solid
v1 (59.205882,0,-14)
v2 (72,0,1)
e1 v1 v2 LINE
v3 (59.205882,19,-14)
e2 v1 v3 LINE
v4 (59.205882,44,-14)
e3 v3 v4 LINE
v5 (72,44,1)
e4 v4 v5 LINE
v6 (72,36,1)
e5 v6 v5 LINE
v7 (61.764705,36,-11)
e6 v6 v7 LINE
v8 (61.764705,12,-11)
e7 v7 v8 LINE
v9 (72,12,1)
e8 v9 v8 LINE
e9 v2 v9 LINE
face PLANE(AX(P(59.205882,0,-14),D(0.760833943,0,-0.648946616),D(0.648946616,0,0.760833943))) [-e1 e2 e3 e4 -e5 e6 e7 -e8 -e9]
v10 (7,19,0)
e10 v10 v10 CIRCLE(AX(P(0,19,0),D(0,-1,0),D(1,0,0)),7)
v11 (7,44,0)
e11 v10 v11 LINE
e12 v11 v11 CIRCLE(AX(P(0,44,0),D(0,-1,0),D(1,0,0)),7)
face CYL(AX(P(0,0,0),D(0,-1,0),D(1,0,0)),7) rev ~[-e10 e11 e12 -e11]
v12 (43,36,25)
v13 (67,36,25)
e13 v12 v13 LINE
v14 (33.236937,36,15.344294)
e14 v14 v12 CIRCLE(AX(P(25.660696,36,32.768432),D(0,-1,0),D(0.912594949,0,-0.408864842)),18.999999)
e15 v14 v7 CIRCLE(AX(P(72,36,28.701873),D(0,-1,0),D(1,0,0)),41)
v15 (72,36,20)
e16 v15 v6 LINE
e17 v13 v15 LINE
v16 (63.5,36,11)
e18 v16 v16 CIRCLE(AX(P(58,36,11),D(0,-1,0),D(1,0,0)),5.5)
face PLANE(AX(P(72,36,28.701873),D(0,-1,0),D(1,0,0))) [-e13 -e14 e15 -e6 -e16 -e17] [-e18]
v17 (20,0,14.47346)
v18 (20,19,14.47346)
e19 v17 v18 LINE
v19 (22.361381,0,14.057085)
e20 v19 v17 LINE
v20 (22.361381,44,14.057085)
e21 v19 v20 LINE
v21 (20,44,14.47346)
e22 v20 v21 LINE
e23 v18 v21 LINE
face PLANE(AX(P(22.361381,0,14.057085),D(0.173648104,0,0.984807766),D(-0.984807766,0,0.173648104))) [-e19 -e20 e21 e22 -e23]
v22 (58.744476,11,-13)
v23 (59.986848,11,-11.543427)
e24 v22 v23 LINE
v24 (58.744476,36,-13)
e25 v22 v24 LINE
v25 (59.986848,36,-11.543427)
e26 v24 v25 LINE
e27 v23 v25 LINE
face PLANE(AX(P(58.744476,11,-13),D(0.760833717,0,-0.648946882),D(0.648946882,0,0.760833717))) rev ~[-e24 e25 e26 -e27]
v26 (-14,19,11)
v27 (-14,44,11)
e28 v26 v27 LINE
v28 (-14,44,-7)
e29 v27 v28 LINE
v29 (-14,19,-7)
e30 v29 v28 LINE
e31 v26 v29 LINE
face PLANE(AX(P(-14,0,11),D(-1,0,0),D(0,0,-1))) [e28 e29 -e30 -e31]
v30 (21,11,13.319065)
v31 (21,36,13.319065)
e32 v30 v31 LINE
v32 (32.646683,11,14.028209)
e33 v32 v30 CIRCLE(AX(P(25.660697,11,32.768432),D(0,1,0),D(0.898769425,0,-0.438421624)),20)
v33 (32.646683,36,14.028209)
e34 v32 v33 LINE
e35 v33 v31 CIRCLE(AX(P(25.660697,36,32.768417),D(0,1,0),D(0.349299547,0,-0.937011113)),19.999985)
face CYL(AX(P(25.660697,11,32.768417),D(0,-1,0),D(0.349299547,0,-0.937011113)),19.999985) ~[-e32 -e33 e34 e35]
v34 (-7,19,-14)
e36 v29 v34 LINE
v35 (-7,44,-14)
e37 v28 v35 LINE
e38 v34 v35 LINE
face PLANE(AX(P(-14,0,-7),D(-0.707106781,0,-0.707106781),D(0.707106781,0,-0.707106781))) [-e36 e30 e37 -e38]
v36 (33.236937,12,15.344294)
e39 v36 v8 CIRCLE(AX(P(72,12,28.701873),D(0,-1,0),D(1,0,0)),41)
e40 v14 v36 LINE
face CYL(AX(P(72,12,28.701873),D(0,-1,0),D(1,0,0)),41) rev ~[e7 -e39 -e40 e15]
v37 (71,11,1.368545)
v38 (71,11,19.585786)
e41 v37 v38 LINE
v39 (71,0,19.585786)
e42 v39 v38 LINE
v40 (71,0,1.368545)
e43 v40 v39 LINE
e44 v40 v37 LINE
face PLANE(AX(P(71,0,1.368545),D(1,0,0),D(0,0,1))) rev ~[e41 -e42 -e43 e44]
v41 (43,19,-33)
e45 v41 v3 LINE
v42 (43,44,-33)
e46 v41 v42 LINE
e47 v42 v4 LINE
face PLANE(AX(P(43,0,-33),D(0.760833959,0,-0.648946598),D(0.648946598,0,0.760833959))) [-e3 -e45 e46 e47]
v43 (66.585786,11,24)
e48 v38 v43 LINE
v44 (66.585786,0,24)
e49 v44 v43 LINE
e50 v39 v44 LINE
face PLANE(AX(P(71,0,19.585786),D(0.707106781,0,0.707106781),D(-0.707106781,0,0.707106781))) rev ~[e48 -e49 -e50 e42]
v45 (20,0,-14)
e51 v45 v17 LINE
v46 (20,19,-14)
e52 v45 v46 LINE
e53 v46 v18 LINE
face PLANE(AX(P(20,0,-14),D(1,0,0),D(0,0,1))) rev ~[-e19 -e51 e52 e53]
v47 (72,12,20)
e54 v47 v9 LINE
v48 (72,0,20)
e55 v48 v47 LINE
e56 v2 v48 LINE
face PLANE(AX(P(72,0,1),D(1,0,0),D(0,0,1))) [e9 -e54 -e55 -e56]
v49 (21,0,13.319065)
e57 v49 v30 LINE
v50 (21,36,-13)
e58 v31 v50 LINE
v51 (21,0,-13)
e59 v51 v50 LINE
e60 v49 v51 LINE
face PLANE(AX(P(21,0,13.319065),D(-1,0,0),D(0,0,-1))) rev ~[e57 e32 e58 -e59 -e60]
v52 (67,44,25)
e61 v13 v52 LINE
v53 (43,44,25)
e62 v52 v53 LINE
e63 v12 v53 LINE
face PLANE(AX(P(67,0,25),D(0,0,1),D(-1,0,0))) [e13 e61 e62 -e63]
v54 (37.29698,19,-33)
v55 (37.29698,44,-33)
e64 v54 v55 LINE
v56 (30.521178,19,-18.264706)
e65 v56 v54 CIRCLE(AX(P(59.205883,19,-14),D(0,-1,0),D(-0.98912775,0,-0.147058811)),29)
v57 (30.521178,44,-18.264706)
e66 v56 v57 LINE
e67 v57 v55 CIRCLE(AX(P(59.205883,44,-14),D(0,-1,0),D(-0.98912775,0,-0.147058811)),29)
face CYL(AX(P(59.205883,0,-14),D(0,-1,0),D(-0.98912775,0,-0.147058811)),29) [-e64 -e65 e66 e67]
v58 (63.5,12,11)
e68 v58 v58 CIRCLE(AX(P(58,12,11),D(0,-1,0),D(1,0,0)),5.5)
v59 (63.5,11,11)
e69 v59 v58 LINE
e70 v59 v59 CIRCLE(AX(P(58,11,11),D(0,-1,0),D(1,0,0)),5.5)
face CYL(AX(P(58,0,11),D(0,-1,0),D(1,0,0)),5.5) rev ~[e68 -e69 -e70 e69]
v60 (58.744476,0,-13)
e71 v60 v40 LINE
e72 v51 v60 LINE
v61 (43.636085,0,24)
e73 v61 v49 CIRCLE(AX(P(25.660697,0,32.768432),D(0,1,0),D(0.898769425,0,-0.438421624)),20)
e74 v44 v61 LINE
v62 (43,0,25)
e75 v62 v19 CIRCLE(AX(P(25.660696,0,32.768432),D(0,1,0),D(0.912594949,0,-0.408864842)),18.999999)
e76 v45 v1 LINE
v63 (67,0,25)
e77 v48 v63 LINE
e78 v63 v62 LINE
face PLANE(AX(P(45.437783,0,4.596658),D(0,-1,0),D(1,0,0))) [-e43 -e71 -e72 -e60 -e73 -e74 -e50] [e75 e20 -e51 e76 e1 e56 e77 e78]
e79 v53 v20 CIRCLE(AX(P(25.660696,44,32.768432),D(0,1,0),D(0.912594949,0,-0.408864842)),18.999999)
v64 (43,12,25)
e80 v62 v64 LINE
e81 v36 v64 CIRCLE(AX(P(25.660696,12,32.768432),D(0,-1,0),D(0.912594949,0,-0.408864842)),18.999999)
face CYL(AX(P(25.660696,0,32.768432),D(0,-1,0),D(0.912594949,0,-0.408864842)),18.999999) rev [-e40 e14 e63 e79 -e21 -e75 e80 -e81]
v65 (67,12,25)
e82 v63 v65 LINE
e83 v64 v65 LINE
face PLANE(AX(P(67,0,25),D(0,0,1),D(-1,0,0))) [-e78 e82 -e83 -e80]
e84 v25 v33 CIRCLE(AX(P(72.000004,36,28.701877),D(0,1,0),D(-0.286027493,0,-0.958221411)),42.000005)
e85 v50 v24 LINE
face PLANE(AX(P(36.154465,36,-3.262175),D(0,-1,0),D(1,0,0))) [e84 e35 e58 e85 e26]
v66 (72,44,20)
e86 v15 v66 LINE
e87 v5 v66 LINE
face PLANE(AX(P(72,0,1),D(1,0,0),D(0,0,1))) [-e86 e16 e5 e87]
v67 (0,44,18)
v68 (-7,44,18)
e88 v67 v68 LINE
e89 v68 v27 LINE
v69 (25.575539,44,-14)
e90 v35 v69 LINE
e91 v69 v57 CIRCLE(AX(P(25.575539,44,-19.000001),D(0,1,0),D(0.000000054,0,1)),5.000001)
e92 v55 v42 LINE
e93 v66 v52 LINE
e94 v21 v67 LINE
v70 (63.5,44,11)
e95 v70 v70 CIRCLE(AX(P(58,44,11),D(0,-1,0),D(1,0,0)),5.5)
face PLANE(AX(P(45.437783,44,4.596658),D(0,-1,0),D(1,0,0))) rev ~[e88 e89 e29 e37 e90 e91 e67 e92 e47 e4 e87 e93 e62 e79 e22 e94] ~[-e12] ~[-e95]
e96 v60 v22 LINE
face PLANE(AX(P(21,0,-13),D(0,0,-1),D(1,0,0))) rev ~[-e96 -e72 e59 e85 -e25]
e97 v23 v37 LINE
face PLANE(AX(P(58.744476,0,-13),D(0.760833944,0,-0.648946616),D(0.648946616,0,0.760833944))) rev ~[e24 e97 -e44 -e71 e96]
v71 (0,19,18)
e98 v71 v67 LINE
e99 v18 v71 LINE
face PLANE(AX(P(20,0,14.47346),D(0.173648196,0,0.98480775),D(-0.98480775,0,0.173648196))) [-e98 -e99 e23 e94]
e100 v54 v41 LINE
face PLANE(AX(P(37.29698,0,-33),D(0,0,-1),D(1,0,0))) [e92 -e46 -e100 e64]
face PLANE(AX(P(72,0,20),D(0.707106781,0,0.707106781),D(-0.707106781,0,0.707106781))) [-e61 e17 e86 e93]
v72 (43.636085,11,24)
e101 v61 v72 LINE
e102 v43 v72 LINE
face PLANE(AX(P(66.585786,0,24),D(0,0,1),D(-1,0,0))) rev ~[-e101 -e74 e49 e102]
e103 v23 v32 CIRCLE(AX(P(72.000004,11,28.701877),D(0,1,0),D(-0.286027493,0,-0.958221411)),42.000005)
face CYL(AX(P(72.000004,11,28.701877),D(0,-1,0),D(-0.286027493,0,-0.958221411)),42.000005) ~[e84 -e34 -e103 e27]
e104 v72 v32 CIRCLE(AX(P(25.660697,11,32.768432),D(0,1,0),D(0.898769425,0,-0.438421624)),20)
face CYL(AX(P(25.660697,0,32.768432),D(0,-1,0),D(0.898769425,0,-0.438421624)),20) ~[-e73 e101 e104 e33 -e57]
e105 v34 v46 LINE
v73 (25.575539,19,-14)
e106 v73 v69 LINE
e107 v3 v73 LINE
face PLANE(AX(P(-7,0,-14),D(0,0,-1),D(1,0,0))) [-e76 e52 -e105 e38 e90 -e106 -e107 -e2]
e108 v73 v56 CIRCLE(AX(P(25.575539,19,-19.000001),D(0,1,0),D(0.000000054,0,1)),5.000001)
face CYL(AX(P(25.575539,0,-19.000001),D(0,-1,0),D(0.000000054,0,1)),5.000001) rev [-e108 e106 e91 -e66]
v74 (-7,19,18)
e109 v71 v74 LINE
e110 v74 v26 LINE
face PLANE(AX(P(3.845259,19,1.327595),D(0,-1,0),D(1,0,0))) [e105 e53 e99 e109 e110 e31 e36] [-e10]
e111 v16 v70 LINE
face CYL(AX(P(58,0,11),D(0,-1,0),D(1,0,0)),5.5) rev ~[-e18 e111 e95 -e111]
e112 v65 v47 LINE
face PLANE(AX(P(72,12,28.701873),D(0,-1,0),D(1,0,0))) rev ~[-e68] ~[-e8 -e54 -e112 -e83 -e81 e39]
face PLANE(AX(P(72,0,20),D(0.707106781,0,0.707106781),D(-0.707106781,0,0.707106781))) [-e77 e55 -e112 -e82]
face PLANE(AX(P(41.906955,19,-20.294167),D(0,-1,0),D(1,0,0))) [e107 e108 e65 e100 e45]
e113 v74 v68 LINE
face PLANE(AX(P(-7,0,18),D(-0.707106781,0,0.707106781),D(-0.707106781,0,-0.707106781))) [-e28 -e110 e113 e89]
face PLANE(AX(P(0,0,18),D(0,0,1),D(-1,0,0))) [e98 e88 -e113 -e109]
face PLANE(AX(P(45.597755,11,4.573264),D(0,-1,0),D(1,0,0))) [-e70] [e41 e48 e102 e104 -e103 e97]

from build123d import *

# Parameters (mm, degrees)
F0_R     = 5.5
F0_R_2   = 7
F1_DEPTH = 44
F2_DEPTH = 19
F4_R     = 41
F5_DEPTH = 24
F7_DEPTH = 11
F9_DEPTH = 25


with BuildPart() as f1:
    # F0 (on Front) → F1 (new body)
    with BuildSketch(Plane.XZ):
        with BuildLine():
            Line((20, 14.47346), (20, -14))
            Line((20, -14), (25.575539, -14))
            Line((25.575539, -14), (59.205882, -14))
            Line((59.205882, -14), (72, 1))
            Line((72, 1), (72, 20))
            Line((72, 20), (67, 25))
            Line((67, 25), (43, 25))
            ThreePointArc((43, 25), (34.561099, 15.982044), (22.361381, 14.057085))
            Line((22.361381, 14.057085), (20, 14.47346))
        make_face()
        with Locations((58, 11)):
            Circle(F0_R, mode=Mode.SUBTRACT)
        Polygon((-14, 11), (-14, -7), (-7, -14), (20, -14), (20, 14.47346), (0, 18), (-7, 18), align=None)
        Circle(F0_R_2, mode=Mode.SUBTRACT)
        with BuildLine():
            Line((59.205882, -14), (25.575539, -14))
            ThreePointArc((25.575539, -14), (28.840775, -15.213414), (30.521178, -18.264706))
            ThreePointArc((30.521178, -18.264706), (32.858008, -26.115672), (37.29698, -33))
            Line((37.29698, -33), (43, -33))
            Line((43, -33), (59.205882, -14))
        make_face()
    extrude(amount=-F1_DEPTH)

    # F0 (on Front) → F2 (cut)
    with BuildSketch(Plane.XZ):
        Polygon((-14, 11), (-14, -7), (-7, -14), (20, -14), (20, 14.47346), (0, 18), (-7, 18), align=None)
        Circle(F0_R_2, mode=Mode.SUBTRACT)
        with BuildLine():
            Line((59.205882, -14), (25.575539, -14))
            ThreePointArc((25.575539, -14), (28.840775, -15.213414), (30.521178, -18.264706))
            ThreePointArc((30.521178, -18.264706), (32.858008, -26.115672), (37.29698, -33))
            Line((37.29698, -33), (43, -33))
            Line((43, -33), (59.205882, -14))
        make_face()
    extrude(amount=-F2_DEPTH, mode=Mode.SUBTRACT)

    # F4 (on offset) → F5 (cut)
    with BuildSketch(Plane.XZ.offset(-12)):
        with Locations((72, 28.701873)):
            Circle(F4_R)
    extrude(amount=-F5_DEPTH, mode=Mode.SUBTRACT)

    # F6 (on face) → F7 (cut)
    with BuildSketch(Plane.XZ):
        with BuildLine():
            ThreePointArc((43.636085, 24), (34.195381, 14.680891), (21, 13.319065))
            Line((21, 13.319065), (21, -13))
            Line((21, -13), (58.744476, -13))
            Line((58.744476, -13), (71, 1.368545))
            Line((71, 1.368545), (71, 19.585786))
            Line((71, 19.585786), (66.585786, 24))
            Line((66.585786, 24), (43.636085, 24))
        make_face()
    extrude(amount=-F7_DEPTH, mode=Mode.SUBTRACT)

    # F8 (on face) → F9 (cut, through all)
    with BuildSketch(Plane.XZ.offset(-11)):
        with BuildLine():
            Line((58.744476, -13), (59.986848, -11.543427))
            ThreePointArc((59.986848, -11.543427), (43.310182, -1.972127), (32.646683, 14.028209))
            ThreePointArc((32.646683, 14.028209), (26.876207, 12.805403), (21, 13.319065))
            Line((21, 13.319065), (21, -13))
            Line((21, -13), (58.744476, -13))
        make_face()
    extrude(amount=-F9_DEPTH, mode=Mode.SUBTRACT)


solid = f1.part
